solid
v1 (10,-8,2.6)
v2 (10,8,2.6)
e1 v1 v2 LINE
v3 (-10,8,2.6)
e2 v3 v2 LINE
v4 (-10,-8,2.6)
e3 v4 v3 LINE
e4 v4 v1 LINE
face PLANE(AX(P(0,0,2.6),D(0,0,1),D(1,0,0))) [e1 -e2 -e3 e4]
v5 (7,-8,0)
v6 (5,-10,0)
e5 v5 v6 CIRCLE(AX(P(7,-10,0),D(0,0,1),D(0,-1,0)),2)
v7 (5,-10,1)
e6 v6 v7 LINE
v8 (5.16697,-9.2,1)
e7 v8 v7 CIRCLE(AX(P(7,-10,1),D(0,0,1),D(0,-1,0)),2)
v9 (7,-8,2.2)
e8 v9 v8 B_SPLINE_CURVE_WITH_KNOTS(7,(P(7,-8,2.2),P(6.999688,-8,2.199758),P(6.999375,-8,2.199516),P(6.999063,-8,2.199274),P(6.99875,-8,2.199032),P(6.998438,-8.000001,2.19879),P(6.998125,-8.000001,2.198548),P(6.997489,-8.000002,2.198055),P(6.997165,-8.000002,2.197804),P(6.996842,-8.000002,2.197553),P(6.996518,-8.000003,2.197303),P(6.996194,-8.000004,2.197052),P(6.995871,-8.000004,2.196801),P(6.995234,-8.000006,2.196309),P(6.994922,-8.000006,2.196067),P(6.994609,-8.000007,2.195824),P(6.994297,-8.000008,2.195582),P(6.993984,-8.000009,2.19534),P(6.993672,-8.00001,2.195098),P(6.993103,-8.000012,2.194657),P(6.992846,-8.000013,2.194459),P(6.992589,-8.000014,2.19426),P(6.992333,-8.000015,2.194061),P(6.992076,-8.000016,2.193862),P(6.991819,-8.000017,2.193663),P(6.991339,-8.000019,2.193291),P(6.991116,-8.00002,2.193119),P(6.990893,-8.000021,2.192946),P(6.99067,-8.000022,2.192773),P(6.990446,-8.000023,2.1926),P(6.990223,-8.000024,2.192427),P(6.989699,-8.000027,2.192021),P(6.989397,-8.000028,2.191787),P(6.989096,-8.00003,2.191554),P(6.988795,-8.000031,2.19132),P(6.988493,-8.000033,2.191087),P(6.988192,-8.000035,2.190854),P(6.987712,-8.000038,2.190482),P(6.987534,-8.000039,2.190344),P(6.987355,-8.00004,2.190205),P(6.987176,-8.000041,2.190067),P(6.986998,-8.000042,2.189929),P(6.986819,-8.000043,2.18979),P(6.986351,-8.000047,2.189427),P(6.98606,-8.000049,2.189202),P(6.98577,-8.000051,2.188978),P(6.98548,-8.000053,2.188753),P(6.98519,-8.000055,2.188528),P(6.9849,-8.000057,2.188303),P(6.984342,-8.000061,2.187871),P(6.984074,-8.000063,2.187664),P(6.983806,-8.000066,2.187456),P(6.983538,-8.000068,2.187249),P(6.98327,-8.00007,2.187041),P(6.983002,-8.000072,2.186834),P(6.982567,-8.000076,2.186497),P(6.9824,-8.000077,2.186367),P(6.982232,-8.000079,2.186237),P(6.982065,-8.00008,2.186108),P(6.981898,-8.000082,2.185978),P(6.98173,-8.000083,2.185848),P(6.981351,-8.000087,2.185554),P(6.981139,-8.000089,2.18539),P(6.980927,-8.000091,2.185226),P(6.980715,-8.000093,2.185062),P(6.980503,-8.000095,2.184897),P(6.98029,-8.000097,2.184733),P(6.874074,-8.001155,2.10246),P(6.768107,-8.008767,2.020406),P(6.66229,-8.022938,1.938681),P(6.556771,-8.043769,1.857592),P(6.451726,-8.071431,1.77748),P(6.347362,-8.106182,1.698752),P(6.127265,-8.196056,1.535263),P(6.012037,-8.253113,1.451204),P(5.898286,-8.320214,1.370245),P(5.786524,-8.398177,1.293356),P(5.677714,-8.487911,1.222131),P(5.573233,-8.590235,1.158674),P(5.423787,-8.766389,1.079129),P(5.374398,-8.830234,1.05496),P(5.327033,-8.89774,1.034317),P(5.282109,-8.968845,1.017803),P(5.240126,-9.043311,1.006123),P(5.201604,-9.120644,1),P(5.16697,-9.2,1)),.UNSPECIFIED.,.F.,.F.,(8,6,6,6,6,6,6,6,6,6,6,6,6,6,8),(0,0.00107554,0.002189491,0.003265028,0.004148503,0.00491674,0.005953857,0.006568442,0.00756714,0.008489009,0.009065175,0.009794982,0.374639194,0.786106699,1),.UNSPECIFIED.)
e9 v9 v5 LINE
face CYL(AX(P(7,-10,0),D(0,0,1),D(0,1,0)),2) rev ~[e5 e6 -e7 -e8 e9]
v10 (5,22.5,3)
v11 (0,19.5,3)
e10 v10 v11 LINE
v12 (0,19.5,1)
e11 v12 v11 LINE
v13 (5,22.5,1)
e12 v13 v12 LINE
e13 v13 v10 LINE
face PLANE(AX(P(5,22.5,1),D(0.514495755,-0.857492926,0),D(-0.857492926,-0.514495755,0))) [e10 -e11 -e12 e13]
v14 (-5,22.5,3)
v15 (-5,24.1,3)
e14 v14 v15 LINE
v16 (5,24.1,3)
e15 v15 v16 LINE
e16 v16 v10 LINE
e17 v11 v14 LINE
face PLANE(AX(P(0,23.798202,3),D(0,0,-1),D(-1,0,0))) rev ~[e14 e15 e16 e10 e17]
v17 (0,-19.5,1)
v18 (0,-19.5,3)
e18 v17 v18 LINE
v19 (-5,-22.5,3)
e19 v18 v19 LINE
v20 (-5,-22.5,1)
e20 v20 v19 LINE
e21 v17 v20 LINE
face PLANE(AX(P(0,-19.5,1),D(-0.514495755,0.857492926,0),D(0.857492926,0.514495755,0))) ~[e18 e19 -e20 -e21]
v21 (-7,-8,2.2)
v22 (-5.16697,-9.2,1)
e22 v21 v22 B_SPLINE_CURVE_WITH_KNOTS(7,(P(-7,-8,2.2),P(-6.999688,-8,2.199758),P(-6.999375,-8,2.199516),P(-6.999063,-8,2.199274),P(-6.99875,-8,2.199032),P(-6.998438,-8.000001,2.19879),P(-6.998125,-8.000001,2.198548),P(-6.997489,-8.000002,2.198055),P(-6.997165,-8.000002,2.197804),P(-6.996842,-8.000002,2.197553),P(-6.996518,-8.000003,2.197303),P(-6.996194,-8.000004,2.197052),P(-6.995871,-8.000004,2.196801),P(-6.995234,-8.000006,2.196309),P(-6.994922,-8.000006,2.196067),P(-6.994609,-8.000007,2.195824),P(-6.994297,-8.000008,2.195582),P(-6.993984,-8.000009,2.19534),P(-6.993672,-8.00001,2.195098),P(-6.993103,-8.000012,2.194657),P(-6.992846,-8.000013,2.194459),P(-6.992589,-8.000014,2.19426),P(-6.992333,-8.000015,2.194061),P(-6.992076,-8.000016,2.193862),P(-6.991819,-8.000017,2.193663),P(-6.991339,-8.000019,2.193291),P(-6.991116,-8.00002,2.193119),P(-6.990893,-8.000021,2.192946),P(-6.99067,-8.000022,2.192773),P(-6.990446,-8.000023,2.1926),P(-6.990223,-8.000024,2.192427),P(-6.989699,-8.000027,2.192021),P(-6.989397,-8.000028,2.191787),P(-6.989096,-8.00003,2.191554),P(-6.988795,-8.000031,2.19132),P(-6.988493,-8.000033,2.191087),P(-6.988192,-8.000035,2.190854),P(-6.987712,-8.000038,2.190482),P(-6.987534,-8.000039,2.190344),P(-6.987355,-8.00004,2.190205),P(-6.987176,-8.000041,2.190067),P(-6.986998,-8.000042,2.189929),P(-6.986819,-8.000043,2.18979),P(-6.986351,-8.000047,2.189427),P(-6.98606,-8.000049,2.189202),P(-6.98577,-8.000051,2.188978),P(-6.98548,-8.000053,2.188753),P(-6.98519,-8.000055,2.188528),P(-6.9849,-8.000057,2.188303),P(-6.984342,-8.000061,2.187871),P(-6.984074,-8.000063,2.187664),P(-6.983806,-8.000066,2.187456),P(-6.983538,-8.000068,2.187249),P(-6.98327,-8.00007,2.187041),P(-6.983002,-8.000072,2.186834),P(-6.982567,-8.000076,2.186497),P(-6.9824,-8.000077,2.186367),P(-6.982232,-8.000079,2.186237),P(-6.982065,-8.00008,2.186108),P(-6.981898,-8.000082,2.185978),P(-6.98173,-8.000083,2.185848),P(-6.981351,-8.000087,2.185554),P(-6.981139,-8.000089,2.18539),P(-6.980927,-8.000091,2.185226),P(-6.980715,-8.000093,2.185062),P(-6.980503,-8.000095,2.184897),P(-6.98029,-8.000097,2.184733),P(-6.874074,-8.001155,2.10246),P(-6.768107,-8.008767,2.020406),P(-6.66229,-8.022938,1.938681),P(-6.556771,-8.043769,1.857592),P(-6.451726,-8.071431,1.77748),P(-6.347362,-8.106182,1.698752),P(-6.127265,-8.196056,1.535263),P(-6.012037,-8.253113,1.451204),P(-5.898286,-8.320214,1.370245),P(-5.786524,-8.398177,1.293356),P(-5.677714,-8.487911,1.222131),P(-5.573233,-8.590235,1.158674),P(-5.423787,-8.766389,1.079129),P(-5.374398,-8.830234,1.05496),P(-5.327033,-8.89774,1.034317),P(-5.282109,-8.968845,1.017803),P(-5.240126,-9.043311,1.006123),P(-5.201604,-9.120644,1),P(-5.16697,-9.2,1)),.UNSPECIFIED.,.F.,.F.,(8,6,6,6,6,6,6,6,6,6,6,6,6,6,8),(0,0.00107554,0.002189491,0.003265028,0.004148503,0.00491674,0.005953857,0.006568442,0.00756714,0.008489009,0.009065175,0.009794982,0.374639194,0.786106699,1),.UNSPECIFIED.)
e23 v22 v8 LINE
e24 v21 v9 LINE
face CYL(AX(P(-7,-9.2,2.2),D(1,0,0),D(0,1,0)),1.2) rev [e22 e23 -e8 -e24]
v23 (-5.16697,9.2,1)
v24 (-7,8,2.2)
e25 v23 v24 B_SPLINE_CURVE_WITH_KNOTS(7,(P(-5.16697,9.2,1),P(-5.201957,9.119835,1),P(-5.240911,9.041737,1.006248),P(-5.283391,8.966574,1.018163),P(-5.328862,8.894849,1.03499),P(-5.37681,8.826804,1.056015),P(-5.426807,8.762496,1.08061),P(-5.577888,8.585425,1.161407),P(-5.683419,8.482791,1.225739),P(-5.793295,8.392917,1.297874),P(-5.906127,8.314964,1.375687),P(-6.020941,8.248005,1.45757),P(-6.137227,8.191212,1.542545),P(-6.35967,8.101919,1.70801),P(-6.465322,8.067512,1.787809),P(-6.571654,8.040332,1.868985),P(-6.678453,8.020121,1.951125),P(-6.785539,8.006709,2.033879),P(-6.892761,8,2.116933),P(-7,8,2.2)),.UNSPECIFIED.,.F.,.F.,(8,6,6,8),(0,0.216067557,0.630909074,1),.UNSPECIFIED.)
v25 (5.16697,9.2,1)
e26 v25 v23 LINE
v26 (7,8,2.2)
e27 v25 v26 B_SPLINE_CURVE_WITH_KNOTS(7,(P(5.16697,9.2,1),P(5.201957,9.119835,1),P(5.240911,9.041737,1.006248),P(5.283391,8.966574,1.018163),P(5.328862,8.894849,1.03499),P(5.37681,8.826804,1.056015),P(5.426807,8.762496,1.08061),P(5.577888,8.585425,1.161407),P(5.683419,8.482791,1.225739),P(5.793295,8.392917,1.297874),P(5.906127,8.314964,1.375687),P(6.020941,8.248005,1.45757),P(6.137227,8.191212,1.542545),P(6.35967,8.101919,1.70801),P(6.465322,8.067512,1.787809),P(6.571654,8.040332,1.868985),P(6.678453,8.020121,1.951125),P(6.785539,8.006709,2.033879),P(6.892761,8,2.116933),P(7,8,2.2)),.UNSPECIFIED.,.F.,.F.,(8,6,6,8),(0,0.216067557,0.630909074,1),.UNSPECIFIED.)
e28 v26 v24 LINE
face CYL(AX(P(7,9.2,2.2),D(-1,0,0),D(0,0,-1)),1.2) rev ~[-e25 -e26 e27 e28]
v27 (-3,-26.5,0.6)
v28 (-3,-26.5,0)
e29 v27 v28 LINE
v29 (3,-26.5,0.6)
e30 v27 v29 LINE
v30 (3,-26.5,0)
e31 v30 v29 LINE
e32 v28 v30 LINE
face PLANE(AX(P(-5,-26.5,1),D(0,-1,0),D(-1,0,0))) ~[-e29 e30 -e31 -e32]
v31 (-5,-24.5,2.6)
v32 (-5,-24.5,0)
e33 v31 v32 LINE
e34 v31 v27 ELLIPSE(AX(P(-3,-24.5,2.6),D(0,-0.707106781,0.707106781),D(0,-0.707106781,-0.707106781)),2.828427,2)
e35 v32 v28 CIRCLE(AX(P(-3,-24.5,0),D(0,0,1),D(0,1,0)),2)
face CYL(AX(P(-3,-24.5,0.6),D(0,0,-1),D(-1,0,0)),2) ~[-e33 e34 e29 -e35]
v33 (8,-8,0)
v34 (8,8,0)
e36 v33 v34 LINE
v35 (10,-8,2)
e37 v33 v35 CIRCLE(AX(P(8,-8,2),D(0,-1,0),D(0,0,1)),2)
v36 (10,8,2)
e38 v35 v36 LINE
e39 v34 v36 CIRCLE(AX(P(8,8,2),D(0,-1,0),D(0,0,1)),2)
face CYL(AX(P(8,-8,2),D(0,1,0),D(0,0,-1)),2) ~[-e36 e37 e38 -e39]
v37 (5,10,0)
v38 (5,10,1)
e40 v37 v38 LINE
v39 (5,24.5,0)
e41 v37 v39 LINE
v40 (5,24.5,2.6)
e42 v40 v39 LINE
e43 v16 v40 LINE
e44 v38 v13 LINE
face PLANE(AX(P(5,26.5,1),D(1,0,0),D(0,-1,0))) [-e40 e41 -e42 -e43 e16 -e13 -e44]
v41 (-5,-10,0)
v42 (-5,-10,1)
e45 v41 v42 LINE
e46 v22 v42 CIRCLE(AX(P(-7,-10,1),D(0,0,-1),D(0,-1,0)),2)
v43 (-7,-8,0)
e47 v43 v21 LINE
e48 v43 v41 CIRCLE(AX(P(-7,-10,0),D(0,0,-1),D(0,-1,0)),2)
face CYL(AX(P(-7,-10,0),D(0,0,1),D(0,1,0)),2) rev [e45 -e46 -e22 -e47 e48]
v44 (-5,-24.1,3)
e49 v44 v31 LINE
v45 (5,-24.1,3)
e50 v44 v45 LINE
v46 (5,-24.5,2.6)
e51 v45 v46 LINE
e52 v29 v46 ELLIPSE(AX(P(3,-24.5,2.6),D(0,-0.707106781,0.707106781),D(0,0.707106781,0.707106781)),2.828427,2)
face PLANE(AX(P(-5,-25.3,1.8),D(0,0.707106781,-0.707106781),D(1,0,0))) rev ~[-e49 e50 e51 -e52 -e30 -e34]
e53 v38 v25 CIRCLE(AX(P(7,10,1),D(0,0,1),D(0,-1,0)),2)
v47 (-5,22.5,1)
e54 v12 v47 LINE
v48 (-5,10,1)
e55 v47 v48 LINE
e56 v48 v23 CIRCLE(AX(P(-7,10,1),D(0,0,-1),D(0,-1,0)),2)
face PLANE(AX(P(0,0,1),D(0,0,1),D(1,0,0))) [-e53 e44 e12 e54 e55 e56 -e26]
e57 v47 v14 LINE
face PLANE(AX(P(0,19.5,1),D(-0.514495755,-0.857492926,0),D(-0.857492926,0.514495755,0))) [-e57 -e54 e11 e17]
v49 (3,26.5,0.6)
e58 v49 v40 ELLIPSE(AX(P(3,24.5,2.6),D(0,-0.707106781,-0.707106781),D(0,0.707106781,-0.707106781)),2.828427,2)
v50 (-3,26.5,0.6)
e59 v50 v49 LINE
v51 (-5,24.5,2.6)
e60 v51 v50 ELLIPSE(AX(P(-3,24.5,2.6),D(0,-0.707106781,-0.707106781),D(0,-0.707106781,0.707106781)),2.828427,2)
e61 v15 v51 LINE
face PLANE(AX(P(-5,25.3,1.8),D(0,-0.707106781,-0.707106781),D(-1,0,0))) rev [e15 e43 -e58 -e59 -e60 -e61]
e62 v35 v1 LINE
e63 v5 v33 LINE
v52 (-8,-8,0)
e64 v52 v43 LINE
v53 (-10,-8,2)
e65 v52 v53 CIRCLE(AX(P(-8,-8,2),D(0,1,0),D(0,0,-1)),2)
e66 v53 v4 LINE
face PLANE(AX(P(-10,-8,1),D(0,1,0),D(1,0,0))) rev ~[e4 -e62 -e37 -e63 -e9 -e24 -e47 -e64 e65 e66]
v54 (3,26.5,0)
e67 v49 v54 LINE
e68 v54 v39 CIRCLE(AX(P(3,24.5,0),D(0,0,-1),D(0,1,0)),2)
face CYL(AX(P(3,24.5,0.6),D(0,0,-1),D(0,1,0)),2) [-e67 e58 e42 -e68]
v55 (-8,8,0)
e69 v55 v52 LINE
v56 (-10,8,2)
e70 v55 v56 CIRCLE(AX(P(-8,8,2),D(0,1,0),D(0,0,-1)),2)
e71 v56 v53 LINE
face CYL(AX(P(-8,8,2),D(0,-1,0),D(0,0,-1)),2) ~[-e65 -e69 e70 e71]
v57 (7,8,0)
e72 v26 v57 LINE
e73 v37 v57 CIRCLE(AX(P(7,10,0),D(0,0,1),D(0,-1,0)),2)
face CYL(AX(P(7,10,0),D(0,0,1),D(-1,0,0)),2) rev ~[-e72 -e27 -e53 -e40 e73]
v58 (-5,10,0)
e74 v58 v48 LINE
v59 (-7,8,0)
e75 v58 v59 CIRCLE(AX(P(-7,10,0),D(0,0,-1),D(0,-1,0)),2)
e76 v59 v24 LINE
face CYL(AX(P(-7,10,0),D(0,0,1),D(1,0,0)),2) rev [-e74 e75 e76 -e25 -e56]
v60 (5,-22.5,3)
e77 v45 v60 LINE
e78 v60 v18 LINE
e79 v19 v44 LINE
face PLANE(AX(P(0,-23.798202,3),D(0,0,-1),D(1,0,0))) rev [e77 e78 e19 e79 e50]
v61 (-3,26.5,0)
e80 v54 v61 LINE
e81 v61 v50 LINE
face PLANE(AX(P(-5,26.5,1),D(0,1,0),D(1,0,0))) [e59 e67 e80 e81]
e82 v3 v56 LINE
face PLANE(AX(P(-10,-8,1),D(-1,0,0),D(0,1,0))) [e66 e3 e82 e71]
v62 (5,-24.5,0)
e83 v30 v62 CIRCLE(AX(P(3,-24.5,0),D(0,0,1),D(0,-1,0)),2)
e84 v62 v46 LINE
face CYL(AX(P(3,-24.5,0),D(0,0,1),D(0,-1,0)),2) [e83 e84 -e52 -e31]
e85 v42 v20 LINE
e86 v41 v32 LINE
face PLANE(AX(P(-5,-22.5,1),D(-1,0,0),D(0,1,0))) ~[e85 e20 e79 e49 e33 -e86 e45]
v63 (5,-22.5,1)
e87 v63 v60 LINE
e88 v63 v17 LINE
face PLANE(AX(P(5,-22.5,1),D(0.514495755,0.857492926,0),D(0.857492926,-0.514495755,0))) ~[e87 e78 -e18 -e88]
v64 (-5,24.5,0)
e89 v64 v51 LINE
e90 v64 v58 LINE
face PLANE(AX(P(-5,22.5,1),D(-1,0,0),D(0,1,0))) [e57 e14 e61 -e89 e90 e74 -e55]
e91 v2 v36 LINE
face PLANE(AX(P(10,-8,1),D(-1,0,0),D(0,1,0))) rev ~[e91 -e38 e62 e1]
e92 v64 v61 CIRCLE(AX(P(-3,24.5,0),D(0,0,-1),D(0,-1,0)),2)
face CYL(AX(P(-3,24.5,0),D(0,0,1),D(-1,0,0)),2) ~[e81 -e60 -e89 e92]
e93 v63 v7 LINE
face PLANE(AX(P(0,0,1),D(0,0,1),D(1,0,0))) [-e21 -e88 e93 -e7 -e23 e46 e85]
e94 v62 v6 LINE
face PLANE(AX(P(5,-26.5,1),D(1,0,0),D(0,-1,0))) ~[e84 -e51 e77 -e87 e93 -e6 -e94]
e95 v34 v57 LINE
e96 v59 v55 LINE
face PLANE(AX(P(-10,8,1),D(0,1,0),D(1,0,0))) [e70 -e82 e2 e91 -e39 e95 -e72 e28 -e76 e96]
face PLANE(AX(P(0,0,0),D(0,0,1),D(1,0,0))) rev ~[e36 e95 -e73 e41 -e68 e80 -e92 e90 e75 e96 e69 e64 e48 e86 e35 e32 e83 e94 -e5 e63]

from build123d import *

# Parameters (mm, degrees)
PAD_DEPTH    = 1
SKETCH001_W  = 20
SKETCH001_H  = 16
PAD001_DEPTH = 1.6
PAD002_DEPTH = 2
FILLET_R     = 2
CHAMFER_SIZE = 2.4
FILLET001_R  = 1.2
FILLET002_R  = 2
FILLET003_R  = 2


with BuildPart() as part:
    # Sketch → Pad (new body)
    with BuildSketch(Plane.XY):
        Polygon((-10, 8), (-10, -8), (-5, -8), (-5, -26.5), (5, -26.5), (5, -8), (10, -8), (10, 8), (5, 8), (5, 26.5), (-5, 26.5), (-5, 8), align=None)
    extrude(amount=PAD_DEPTH)

    # Sketch001 (on Face14 of Pad) → Pad001 (join)
    with BuildSketch(Plane.XY.offset(1)):
        Rectangle(SKETCH001_W, SKETCH001_H)
    extrude(amount=PAD001_DEPTH)

    # Sketch002 (on Face8 of Pad001) → Pad002 (join)
    with BuildSketch(Plane.XY.offset(1)):
        Polygon((-5, 26.5), (5, 26.5), (5, 22.5), (0, 19.5), (-5, 22.5), align=None)
    pad002 = extrude(amount=PAD002_DEPTH)

    # Mirrored: Pad002 across Sketch002 H_Axis
    add(pad002.mirror(Plane(origin=(0, 0, 1), x_dir=(0, 0, 1), z_dir=(0, 1, 0))))

    # Fillet
    fillet_edges = [part.edges().sort_by_distance(p)[0] for p in [
        (5, -8, 0.5),
        (-5, -8, 0.5),
        (-5, 8, 0.5),
        (5, 8, 0.5),
    ]]
    fillet(fillet_edges, radius=FILLET_R)

    # Chamfer
    chamfer_edges = [part.edges().sort_by_distance(p)[0] for p in [
        (0, 26.5, 3),
        (0, -26.5, 3),
    ]]
    chamfer(chamfer_edges, length=CHAMFER_SIZE)

    # Fillet001
    fillet001_edges = [part.edges().sort_by_distance(p)[0] for p in [
        (0, 8, 1),
        (0, -8, 1),
    ]]
    fillet(fillet001_edges, radius=FILLET001_R)

    # Fillet002
    fillet002_edges = [part.edges().sort_by_distance(p)[0] for p in [
        (10, 0, 0),
        (-10, 0, 0),
    ]]
    fillet(fillet002_edges, radius=FILLET002_R)

    # Fillet003
    fillet003_edges = [part.edges().sort_by_distance(p)[0] for p in [
        (-5, -26.5, 0.3),
        (5, -26.5, 0.3),
        (-5, 26.5, 0.3),
        (5, 26.5, 0.3),
    ]]
    fillet(fillet003_edges, radius=FILLET003_R)


solid = part.part
